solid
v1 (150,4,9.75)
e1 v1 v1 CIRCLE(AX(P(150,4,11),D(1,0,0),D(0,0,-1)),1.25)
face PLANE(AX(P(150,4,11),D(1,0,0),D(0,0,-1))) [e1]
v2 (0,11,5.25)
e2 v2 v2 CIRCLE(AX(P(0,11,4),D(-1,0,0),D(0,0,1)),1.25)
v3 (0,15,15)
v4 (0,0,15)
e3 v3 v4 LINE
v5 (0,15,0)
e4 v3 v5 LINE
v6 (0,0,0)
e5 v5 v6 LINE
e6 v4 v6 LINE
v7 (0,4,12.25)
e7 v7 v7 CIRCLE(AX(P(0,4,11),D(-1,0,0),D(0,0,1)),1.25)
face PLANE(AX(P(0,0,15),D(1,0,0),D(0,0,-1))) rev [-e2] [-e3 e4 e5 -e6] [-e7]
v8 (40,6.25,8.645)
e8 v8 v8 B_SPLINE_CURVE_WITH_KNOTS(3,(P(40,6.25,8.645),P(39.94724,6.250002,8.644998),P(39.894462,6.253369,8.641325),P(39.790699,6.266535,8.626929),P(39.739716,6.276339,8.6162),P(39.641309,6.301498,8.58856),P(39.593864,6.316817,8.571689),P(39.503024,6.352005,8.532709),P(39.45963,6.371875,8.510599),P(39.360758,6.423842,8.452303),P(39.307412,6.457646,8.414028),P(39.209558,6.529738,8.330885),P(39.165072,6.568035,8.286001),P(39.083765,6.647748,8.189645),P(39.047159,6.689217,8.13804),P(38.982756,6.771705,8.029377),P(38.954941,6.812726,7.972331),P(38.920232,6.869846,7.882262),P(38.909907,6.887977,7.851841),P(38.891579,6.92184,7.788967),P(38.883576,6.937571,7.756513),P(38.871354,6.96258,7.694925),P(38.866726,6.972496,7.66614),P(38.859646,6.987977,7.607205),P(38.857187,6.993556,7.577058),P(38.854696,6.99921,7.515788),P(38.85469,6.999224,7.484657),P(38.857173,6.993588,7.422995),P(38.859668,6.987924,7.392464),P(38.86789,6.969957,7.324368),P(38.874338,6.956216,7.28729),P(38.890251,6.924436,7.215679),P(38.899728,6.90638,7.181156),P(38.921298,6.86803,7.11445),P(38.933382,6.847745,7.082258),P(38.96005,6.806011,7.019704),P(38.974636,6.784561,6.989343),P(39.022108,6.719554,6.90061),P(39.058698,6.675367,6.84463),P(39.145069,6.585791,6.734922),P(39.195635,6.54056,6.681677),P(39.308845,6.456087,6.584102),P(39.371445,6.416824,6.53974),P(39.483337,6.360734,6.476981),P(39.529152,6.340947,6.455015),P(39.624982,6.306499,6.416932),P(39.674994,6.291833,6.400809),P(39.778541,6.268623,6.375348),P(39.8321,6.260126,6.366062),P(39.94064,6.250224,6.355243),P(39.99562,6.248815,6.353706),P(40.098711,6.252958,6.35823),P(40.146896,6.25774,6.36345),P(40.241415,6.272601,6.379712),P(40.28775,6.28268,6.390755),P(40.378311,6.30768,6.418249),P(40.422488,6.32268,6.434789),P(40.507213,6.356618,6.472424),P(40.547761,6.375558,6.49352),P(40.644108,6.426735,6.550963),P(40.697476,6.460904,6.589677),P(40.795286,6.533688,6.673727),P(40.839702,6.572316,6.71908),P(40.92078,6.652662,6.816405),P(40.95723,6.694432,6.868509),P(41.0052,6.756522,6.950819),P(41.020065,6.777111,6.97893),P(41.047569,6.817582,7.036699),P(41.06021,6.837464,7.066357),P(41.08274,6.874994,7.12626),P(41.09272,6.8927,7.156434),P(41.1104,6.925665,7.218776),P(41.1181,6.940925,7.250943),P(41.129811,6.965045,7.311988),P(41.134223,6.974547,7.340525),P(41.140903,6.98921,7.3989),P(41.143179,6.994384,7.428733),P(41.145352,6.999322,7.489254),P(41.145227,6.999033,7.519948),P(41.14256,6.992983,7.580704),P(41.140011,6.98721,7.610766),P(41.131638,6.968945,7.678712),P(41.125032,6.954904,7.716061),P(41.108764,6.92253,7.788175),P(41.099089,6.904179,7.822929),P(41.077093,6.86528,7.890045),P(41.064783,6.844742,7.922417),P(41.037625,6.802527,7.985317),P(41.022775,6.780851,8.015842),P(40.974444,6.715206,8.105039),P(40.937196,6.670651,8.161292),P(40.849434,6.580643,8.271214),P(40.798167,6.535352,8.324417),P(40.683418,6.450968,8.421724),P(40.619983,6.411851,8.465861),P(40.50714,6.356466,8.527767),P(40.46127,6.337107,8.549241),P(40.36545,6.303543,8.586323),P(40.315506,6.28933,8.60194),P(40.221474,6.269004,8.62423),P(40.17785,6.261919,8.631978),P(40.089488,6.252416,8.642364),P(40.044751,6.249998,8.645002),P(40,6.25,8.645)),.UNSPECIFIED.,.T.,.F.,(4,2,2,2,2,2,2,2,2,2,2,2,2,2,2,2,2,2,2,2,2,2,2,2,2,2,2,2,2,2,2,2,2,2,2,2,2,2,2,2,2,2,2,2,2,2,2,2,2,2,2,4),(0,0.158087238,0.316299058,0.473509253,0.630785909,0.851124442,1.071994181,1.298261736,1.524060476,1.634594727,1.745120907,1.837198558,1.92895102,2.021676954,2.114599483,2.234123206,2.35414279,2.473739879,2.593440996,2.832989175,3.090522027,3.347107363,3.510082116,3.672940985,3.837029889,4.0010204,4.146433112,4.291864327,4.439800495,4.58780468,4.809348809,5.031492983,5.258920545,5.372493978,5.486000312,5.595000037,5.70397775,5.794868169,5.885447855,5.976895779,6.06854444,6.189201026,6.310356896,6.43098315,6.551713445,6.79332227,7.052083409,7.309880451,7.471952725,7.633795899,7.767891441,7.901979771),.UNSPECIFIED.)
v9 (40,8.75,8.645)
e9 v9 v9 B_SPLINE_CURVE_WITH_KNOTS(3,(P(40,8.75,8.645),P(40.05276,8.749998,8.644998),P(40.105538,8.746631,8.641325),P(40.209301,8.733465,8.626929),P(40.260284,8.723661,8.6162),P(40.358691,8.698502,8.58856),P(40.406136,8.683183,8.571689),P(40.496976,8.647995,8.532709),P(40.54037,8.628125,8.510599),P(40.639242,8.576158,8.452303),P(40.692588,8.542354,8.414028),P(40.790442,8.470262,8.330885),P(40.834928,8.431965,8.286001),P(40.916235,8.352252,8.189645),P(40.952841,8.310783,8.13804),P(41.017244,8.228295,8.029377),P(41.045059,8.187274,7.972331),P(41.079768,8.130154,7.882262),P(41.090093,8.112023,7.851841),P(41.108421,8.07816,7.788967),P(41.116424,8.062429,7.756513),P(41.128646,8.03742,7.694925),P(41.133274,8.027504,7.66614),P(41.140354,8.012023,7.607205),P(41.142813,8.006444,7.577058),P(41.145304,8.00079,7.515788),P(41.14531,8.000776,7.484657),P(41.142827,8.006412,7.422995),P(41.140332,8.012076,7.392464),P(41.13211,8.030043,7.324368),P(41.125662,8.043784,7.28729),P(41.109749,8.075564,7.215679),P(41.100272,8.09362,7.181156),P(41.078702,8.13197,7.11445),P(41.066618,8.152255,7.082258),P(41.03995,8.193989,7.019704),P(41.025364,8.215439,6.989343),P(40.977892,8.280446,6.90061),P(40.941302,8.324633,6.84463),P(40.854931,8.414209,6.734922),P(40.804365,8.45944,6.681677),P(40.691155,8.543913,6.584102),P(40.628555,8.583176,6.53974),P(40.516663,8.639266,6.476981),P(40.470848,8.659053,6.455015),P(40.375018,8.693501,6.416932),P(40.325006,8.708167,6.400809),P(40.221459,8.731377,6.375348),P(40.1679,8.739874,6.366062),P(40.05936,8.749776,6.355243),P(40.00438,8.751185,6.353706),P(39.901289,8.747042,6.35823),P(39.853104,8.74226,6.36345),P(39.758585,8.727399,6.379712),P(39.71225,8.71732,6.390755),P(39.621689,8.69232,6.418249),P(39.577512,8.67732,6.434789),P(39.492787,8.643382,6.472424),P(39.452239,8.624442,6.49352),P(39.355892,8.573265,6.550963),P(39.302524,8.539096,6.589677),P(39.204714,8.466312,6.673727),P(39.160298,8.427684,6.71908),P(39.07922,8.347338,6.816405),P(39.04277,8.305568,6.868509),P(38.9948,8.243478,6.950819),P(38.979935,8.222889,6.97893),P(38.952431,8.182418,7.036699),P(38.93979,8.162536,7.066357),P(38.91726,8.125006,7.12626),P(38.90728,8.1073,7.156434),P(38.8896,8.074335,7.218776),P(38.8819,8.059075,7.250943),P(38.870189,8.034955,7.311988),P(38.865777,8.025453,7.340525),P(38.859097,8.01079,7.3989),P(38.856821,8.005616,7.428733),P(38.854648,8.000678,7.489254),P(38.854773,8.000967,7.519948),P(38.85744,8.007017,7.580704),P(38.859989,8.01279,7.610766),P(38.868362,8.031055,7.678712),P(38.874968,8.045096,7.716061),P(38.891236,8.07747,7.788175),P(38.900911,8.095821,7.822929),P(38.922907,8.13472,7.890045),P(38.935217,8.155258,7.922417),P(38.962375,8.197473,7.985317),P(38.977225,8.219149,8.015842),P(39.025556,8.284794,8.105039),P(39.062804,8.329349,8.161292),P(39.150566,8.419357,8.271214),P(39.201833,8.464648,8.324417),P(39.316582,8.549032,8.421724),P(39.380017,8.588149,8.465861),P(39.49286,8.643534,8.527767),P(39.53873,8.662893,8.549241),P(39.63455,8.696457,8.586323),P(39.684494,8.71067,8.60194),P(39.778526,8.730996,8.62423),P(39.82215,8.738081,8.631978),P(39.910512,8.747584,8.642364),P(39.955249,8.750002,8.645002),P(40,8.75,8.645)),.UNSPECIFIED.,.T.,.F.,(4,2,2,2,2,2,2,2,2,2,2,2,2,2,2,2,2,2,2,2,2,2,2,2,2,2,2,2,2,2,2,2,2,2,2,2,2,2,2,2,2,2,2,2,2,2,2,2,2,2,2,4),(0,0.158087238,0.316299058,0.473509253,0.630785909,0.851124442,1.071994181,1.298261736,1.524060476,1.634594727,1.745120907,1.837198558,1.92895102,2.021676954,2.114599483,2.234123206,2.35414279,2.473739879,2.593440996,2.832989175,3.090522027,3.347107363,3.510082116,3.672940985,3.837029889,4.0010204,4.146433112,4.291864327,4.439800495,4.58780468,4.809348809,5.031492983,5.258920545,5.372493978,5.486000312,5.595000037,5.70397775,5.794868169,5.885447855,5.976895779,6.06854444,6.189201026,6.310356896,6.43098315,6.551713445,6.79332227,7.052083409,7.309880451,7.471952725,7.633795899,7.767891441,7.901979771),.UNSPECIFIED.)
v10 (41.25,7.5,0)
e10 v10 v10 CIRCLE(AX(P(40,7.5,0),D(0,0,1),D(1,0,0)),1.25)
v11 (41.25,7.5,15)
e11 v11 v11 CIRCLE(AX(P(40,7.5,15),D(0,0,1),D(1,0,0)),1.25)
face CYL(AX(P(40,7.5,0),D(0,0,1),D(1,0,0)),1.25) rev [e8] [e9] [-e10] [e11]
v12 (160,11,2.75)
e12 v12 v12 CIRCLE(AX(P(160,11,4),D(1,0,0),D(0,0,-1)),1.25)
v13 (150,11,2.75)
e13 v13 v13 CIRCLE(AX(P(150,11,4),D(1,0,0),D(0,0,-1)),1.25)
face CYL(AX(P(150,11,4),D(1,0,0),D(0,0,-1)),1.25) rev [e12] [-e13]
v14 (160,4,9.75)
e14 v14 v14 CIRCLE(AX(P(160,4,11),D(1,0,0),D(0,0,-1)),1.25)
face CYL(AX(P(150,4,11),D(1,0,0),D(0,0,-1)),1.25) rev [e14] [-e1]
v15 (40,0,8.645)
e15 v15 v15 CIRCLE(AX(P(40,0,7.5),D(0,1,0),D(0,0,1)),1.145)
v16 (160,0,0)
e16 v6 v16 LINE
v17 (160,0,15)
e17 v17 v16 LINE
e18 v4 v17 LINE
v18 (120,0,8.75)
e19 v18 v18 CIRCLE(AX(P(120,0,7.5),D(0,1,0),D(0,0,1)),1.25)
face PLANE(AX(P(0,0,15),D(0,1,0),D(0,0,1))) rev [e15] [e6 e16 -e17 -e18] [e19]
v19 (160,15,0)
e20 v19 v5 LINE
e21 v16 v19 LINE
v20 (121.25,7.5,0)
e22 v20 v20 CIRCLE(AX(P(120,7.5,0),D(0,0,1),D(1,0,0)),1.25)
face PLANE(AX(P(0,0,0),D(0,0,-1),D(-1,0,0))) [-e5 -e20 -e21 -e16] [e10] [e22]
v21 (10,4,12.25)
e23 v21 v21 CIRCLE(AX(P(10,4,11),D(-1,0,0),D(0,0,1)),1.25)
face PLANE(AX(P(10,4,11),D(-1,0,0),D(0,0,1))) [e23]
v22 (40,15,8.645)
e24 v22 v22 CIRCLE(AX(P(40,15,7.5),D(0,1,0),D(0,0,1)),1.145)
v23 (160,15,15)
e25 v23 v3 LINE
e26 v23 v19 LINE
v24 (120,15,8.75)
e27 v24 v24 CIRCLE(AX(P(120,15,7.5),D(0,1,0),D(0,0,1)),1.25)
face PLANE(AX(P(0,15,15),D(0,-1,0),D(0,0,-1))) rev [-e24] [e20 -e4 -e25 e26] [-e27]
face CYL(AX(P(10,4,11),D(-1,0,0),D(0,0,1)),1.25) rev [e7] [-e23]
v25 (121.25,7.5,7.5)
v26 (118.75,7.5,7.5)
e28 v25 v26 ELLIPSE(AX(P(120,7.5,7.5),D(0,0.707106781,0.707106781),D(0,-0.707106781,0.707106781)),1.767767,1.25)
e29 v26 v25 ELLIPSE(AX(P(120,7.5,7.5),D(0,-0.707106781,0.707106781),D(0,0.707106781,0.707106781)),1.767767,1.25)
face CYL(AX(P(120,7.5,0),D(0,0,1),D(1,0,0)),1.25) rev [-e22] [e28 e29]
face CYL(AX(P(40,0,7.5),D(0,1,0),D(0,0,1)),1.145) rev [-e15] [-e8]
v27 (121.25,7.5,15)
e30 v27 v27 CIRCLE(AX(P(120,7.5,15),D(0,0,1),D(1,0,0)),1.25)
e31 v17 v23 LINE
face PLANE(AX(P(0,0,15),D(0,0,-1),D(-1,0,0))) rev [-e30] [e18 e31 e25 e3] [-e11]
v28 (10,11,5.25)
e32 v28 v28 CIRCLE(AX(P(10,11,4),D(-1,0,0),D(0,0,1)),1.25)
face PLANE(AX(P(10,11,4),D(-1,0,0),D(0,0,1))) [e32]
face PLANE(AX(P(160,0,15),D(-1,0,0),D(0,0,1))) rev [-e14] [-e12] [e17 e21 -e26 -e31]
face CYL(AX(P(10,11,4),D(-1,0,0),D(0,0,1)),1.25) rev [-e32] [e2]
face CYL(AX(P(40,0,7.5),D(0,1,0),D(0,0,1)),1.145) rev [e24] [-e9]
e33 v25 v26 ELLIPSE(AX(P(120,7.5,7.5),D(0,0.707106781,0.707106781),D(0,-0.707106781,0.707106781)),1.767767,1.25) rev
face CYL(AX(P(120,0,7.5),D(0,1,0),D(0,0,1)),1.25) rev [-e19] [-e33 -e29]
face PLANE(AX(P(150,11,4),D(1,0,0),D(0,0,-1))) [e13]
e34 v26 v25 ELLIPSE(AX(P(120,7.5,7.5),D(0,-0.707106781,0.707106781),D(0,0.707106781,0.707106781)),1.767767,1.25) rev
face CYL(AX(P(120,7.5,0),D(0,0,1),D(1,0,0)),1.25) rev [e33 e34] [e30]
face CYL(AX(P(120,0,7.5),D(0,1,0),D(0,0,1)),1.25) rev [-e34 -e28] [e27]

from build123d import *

# Parameters (mm, degrees)
SKETCH1_W           = 160
SKETCH1_H           = 15
BOSS_EXTRUDE1_DEPTH = 15
SKETCH2_R           = 1.25
CUT_EXTRUDE1_DEPTH  = 162.400123916
SKETCH3_R           = 1.145
SKETCH3_R_2         = 1.25
CUT_EXTRUDE2_DEPTH  = 162.400123916
SKETCH6_R           = 1.25
CUT_EXTRUDE5_DEPTH  = 10
CUT_EXTRUDE6_START  = -10
SKETCH7_R           = 1.25
CUT_EXTRUDE6_DEPTH  = 10


with BuildPart() as part:
    # Sketch1 → Boss-Extrude1 (new body)
    with BuildSketch(Plane.XY):
        with Locations((80, 7.5)):
            Rectangle(SKETCH1_W, SKETCH1_H)
    extrude(amount=BOSS_EXTRUDE1_DEPTH)

    # Sketch2 → Cut-Extrude1 (cut, through all)
    with BuildSketch(Plane.XY.offset(15)):
        with Locations((40, 7.5)):
            Circle(SKETCH2_R)
        with Locations((120, 7.5)):
            Circle(SKETCH2_R)
    extrude(amount=-CUT_EXTRUDE1_DEPTH, mode=Mode.SUBTRACT)

    # Sketch3 → Cut-Extrude2 (cut, through all)
    with BuildSketch(Plane(origin=(0, 15, 0), x_dir=(1, 0, 0), z_dir=(0, 1, 0))):
        with Locations(Location((40, -7.5, 0), (0, 0, 270))):
            Circle(SKETCH3_R)
        with Locations(Location((120, -7.5, 0), (0, 0, 270))):
            Circle(SKETCH3_R_2)
    extrude(amount=-CUT_EXTRUDE2_DEPTH, mode=Mode.SUBTRACT)

    # Sketch6 → Cut-Extrude5 (cut)
    with BuildSketch(Plane.ZY):
        with Locations((4, 11)):
            Circle(SKETCH6_R)
        with Locations((11, 4)):
            Circle(SKETCH6_R)
    extrude(amount=-CUT_EXTRUDE5_DEPTH, mode=Mode.SUBTRACT)

    # Sketch7 → Cut-Extrude6 (cut)
    with BuildSketch(Plane(origin=(160, 0, 0), x_dir=(0, 0, -1), z_dir=(1, 0, 0)).offset(CUT_EXTRUDE6_START)):
        with Locations(Location((-4, 11, 0), (0, 0, 180))):
            Circle(SKETCH7_R)
        with Locations(Location((-11, 4, 0), (0, 0, 180))):
            Circle(SKETCH7_R)
    extrude(amount=CUT_EXTRUDE6_DEPTH, mode=Mode.SUBTRACT)


solid = part.part
